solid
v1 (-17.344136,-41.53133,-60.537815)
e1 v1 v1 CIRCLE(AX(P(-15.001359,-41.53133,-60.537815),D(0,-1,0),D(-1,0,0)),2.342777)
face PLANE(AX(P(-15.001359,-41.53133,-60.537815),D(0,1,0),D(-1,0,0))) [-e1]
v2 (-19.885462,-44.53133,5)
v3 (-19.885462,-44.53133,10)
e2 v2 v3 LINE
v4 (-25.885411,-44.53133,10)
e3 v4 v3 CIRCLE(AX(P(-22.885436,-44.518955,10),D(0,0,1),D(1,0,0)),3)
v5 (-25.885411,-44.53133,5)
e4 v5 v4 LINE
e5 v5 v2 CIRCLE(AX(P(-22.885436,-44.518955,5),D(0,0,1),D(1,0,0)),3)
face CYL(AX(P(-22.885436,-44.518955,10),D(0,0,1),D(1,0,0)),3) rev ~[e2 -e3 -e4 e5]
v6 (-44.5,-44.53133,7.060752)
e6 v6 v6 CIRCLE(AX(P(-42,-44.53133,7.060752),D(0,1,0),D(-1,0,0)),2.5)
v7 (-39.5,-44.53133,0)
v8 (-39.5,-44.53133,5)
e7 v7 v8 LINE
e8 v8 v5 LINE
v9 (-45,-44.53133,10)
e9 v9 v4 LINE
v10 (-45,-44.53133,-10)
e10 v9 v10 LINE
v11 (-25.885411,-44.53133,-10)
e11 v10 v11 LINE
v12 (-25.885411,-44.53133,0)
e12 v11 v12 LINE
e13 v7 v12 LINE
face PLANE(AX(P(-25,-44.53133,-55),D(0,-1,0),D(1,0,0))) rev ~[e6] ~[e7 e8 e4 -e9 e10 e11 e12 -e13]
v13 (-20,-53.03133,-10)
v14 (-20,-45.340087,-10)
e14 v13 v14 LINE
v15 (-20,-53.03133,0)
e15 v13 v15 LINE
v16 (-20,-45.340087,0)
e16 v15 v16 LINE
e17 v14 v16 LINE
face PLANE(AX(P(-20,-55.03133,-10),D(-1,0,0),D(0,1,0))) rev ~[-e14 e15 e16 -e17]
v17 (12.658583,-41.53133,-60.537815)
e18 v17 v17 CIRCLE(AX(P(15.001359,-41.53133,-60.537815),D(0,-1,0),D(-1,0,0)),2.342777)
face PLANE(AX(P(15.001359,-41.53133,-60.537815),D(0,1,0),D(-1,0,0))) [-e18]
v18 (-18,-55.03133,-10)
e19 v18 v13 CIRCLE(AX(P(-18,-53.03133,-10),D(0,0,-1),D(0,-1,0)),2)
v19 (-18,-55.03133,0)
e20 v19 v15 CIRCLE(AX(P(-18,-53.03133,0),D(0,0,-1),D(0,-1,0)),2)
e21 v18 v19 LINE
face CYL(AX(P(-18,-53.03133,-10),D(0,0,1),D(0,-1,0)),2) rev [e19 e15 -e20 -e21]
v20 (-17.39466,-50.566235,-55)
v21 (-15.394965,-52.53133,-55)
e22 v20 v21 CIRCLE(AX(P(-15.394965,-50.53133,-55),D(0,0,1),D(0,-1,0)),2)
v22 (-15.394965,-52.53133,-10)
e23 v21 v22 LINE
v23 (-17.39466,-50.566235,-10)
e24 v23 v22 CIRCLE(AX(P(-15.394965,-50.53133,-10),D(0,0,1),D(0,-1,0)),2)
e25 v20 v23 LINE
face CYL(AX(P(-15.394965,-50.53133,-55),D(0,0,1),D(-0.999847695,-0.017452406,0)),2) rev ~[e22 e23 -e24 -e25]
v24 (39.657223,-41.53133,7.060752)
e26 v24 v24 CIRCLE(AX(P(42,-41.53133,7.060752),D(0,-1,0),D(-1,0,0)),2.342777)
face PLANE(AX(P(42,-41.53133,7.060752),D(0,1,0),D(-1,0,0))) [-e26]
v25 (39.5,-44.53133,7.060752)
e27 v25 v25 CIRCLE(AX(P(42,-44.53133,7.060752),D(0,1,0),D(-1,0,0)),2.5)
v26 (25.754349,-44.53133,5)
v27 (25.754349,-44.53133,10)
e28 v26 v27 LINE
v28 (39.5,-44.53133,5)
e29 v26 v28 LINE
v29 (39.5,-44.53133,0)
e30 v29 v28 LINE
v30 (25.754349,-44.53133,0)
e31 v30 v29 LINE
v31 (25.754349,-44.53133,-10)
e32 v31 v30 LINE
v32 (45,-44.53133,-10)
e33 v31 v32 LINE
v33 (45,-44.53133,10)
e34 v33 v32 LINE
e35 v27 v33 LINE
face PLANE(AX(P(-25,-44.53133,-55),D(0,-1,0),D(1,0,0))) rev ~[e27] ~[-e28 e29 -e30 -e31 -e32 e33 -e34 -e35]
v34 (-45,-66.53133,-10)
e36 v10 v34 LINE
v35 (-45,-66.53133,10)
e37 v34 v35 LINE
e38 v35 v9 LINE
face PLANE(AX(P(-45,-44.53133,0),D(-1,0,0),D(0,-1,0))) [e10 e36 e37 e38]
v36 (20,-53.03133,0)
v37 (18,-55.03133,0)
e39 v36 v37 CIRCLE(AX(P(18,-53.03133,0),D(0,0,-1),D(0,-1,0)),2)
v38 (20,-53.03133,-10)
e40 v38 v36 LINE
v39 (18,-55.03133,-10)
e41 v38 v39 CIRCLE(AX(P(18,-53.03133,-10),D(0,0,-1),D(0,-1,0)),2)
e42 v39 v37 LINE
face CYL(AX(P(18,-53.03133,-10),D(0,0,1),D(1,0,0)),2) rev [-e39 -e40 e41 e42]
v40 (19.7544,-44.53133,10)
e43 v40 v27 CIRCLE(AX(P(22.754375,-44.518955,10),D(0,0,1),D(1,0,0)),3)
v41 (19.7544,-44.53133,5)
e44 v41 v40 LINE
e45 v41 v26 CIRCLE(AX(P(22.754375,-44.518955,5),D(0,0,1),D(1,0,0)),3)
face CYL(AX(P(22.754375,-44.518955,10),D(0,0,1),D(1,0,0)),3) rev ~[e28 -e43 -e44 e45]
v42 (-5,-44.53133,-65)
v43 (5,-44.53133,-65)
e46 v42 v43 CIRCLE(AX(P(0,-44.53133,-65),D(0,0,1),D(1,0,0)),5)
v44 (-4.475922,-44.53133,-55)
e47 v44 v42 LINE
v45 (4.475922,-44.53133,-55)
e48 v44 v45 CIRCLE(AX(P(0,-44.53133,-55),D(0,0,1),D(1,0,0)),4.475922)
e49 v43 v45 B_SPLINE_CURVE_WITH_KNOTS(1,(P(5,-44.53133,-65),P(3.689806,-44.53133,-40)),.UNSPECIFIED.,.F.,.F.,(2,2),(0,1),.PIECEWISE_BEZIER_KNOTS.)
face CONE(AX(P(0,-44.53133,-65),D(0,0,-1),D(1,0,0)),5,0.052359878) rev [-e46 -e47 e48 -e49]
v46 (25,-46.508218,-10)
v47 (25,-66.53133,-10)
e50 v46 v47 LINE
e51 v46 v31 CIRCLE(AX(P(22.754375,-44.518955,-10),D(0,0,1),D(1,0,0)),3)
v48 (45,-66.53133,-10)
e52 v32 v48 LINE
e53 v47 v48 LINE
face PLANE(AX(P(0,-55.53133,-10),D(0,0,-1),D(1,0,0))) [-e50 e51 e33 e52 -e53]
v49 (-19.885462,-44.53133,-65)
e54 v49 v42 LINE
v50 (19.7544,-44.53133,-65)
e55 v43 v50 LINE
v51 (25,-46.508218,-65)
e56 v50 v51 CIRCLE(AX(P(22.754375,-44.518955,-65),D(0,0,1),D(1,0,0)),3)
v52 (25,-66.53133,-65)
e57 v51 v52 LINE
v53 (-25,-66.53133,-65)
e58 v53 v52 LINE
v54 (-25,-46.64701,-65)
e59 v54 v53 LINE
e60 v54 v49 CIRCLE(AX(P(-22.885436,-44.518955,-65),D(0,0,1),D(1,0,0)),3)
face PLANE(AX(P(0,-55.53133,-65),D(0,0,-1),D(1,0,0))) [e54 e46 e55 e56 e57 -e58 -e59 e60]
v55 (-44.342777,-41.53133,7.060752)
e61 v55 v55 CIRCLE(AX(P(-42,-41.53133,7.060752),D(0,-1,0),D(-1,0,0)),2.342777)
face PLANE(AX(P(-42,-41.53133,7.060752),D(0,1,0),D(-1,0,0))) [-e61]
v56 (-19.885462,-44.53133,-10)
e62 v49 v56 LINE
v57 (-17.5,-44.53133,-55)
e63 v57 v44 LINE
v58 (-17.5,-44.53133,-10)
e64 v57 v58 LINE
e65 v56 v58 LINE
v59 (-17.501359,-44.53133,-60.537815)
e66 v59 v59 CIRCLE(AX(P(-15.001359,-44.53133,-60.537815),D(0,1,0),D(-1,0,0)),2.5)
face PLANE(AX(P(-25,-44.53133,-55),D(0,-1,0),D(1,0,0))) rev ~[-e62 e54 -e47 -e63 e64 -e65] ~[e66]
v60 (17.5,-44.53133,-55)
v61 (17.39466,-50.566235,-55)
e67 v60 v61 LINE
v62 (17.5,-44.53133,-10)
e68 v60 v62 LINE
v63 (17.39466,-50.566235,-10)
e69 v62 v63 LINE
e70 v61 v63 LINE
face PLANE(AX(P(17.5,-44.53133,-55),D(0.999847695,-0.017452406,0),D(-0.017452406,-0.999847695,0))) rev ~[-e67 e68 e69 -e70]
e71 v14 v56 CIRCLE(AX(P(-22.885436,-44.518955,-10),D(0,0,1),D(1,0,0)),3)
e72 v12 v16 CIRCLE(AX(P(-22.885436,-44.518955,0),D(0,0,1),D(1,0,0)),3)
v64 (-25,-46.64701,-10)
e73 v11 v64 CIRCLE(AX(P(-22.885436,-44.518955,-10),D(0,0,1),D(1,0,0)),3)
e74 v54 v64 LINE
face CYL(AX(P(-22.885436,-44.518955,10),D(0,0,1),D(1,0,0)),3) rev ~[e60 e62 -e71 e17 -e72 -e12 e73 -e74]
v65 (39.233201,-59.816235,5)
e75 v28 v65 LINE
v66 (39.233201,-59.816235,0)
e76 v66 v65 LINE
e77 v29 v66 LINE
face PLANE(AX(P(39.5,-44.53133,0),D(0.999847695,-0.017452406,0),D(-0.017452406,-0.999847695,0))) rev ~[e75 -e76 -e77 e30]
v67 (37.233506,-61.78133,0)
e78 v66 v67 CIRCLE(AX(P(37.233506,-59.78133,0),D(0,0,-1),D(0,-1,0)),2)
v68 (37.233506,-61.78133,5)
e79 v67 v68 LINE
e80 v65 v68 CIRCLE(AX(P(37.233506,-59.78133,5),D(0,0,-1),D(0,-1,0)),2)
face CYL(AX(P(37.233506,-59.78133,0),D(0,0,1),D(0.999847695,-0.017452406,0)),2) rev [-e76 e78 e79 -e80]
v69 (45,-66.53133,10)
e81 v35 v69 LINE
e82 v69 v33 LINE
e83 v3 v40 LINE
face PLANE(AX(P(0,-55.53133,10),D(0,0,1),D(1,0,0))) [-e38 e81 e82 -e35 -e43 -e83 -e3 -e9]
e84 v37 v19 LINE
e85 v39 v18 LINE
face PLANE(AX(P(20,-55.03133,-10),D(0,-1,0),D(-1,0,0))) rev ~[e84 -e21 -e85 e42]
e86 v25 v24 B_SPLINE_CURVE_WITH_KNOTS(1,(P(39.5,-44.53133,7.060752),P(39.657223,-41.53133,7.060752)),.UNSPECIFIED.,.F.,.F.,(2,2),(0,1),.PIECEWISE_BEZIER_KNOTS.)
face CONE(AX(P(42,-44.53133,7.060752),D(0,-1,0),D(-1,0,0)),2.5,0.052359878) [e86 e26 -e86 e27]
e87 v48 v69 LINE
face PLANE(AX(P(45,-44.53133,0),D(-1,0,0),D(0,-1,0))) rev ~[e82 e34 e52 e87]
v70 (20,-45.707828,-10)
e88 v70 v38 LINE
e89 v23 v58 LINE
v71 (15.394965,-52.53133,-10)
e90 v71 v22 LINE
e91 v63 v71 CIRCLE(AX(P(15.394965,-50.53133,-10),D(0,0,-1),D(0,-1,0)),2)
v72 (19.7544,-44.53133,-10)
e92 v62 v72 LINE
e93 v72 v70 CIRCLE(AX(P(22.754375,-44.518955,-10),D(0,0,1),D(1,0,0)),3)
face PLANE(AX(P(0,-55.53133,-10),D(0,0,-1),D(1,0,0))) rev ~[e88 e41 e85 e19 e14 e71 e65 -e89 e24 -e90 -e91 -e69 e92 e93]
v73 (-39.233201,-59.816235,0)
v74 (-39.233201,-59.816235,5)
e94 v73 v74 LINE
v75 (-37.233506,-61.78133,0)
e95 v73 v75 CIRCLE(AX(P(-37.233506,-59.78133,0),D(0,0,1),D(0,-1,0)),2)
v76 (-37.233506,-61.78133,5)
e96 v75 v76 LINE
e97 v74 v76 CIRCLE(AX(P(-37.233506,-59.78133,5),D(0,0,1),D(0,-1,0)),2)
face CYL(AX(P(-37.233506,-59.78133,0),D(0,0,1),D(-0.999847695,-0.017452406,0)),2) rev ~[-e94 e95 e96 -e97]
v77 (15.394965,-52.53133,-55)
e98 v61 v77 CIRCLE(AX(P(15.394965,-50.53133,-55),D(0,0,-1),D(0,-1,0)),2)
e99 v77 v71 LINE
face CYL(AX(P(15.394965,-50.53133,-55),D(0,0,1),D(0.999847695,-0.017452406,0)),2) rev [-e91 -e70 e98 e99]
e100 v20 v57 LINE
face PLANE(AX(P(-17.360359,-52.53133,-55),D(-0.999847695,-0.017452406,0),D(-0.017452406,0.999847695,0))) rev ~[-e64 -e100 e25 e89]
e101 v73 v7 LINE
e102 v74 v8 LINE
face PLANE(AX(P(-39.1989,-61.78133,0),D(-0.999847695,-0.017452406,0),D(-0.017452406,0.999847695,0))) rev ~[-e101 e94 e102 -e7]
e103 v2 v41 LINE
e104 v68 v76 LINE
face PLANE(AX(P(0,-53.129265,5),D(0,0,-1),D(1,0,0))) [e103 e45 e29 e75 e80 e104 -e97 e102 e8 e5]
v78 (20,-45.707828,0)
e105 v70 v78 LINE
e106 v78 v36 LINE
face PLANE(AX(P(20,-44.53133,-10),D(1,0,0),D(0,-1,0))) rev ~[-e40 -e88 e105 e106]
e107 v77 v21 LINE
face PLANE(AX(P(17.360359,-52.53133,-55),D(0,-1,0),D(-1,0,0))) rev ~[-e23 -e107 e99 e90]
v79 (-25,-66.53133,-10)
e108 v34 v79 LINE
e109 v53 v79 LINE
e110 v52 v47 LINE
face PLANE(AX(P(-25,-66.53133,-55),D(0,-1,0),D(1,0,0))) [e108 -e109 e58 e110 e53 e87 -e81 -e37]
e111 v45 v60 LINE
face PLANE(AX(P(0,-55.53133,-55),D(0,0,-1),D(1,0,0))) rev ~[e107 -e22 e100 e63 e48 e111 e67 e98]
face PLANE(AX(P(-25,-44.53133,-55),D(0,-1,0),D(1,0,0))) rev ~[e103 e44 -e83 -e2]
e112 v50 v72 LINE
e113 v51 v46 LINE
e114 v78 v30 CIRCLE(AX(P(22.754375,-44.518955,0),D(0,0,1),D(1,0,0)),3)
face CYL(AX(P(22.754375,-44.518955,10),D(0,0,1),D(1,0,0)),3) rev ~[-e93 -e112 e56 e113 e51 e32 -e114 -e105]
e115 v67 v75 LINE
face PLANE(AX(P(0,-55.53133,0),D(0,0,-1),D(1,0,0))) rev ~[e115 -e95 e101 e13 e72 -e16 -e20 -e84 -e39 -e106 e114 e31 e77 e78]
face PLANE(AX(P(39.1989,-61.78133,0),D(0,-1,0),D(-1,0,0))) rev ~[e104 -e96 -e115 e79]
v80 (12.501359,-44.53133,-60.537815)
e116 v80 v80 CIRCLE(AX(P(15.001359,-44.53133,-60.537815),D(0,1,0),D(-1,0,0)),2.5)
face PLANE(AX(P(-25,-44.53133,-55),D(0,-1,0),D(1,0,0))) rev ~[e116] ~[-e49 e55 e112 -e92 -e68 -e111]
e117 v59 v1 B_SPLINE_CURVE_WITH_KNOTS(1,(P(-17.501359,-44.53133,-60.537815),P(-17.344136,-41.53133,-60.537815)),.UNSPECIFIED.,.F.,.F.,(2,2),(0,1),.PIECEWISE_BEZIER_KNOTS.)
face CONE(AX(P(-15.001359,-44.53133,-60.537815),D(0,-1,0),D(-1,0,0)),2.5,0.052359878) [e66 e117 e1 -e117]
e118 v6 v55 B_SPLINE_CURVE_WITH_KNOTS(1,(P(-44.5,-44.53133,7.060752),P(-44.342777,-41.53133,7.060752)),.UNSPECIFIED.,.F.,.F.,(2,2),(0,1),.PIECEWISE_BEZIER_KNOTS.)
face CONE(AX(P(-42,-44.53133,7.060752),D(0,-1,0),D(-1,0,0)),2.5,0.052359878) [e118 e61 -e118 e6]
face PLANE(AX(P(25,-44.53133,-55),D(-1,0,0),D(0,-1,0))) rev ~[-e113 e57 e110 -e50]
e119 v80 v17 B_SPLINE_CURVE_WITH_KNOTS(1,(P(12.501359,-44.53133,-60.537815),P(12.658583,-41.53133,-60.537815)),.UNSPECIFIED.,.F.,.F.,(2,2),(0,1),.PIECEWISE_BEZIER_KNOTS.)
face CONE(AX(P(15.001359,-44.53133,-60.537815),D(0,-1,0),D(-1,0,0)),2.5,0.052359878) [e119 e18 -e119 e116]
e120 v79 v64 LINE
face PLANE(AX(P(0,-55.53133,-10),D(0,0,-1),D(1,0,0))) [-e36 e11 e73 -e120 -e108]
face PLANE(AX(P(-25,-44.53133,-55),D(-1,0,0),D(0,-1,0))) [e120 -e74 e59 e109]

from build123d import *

# Parameters (mm, degrees)
F0_W      = 90
F0_H      = 22
F1_DEPTH  = 10
F3_DEPTH  = 5
F4_R      = 2
F5_W      = 90
F5_H      = 22
F6_DEPTH  = 10
F8_DEPTH  = 10
F9_R      = 2
F11_DEPTH = 45
F13_DEPTH = 45
F14_R     = 2
F15_W     = 50
F15_H     = 22
F16_DEPTH = 10
F17_R     = 5
F18_DEPTH = 25
F18_TAPER = 3
F20_R     = 3
F21_DEPTH = 90
F22_R     = 2.5
F23_DEPTH = 3
F23_TAPER = 3
F24_R     = 2.5
F25_DEPTH = 3
F25_TAPER = 3


with BuildPart() as f1:
    # F0 (on Top) → F1 (new body)
    with BuildSketch(Plane.XY):
        with Locations((0, -55.5313304067)):
            Rectangle(F0_W, F0_H)
    extrude(amount=F1_DEPTH)

    # F2 (on face) → F3 (cut)
    with BuildSketch(Plane(origin=(0, 0, 0), x_dir=(1, 0, 0), z_dir=(0, 0, -1))):
        Polygon((-39.5, 44.5313304067), (0, 44.5313304067), (39.5, 44.5313304067), (39.19890013, 61.7813304067), (-39.19890013, 61.7813304067), align=None)
    extrude(amount=-F3_DEPTH, mode=Mode.SUBTRACT)

    # F4
    f4_edges = [f1.edges().sort_by_distance(p)[0] for p in [
        (-39.1989, -61.78133, 2.5),
        (39.1989, -61.78133, 2.5),
    ]]
    fillet(f4_edges, radius=F4_R)

    # F5 (on face) → F6 (join)
    with BuildSketch(Plane(origin=(0, 0, 0), x_dir=(1, 0, 0), z_dir=(0, 0, -1))):
        with Locations((0, 55.5313304067)):
            Rectangle(F5_W, F5_H)
    extrude(amount=F6_DEPTH)

    # F7 (on face) → F8 (cut)
    with BuildSketch(Plane(origin=(0, 0, -10), x_dir=(1, 0, 0), z_dir=(0, 0, -1))):
        Polygon((-20, 44.5313304067), (0, 44.5313304067), (20, 44.5313304067), (19.8167218183, 55.0313304067), (-19.8167218183, 55.0313304067), align=None)
        Polygon((19.8167218183, 55.0313304067), (20, 44.5313304067), (20, 55.0313304067), align=None)
        Polygon((-20, 55.0313304067), (-20, 44.5313304067), (-19.8167218183, 55.0313304067), align=None)
    extrude(amount=-F8_DEPTH, mode=Mode.SUBTRACT)

    # F9
    f9_edges = [f1.edges().sort_by_distance(p)[0] for p in [
        (-20, -55.03133, -5),
        (20, -55.03133, -5),
    ]]
    fillet(f9_edges, radius=F9_R)

    # F10 (on face) → F11 (join)
    with BuildSketch(Plane(origin=(0, 0, -10), x_dir=(1, 0, 0), z_dir=(0, 0, -1))):
        Polygon((-25, 44.5313304067), (0, 44.5313304067), (25, 44.5313304067), (25, 66.5313304067), (-25, 66.5313304067), align=None)
    extrude(amount=F11_DEPTH)

    # F12 (on face) → F13 (cut)
    with BuildSketch(Plane(origin=(0, 0, -55), x_dir=(1, 0, 0), z_dir=(0, 0, -1))):
        Polygon((-17.5, 44.5313304067), (0, 44.5313304067), (17.5, 44.5313304067), (17.3603594806, 52.5313304067), (-17.3603594806, 52.5313304067), align=None)
    extrude(amount=-F13_DEPTH, mode=Mode.SUBTRACT)

    # F14
    f14_edges = [f1.edges().sort_by_distance(p)[0] for p in [
        (-17.360359, -52.53133, -32.5),
        (17.360359, -52.53133, -32.5),
    ]]
    fillet(f14_edges, radius=F14_R)

    # F15 (on face) → F16 (join)
    with BuildSketch(Plane(origin=(0, 0, -55), x_dir=(1, 0, 0), z_dir=(0, 0, -1))):
        with Locations((0, 55.5313304067)):
            Rectangle(F15_W, F15_H)
    extrude(amount=F16_DEPTH)

    # F17 (on face) → F18 (cut)
    with BuildSketch(Plane(origin=(0, 0, -65), x_dir=(1, 0, 0), z_dir=(0, 0, -1))):
        with Locations((0, 44.5313304067)):
            Circle(F17_R)
    extrude(amount=-F18_DEPTH, taper=F18_TAPER, mode=Mode.SUBTRACT)

    # F20 (on face) → F21 (cut)
    with BuildSketch(Plane.XY.offset(10)):
        with Locations((22.7543748915, -44.5189550519)):
            Circle(F20_R)
        with Locations((-22.8854361922, -44.5189550519)):
            Circle(F20_R)
    extrude(amount=-F21_DEPTH, mode=Mode.SUBTRACT)

    # F22 (on face) → F23 (join)
    with BuildSketch(Plane(origin=(0, -44.5313304067, 0), x_dir=(-1, 0, 0), z_dir=(0, 1, 0))):
        with Locations((-15.0013593957, -60.537815094)):
            Circle(F22_R)
        with Locations((15.0013593957, -60.537815094)):
            Circle(F22_R)
    extrude(amount=F23_DEPTH, taper=F23_TAPER)

    # F24 (on face) → F25 (join)
    with BuildSketch(Plane(origin=(0, -44.5313304067, 0), x_dir=(-1, 0, 0), z_dir=(0, 1, 0))):
        with Locations((-42, 7.0607517846)):
            Circle(F24_R)
        with Locations((42, 7.0607517846)):
            Circle(F24_R)
    extrude(amount=F25_DEPTH, taper=F25_TAPER)


solid = f1.part
